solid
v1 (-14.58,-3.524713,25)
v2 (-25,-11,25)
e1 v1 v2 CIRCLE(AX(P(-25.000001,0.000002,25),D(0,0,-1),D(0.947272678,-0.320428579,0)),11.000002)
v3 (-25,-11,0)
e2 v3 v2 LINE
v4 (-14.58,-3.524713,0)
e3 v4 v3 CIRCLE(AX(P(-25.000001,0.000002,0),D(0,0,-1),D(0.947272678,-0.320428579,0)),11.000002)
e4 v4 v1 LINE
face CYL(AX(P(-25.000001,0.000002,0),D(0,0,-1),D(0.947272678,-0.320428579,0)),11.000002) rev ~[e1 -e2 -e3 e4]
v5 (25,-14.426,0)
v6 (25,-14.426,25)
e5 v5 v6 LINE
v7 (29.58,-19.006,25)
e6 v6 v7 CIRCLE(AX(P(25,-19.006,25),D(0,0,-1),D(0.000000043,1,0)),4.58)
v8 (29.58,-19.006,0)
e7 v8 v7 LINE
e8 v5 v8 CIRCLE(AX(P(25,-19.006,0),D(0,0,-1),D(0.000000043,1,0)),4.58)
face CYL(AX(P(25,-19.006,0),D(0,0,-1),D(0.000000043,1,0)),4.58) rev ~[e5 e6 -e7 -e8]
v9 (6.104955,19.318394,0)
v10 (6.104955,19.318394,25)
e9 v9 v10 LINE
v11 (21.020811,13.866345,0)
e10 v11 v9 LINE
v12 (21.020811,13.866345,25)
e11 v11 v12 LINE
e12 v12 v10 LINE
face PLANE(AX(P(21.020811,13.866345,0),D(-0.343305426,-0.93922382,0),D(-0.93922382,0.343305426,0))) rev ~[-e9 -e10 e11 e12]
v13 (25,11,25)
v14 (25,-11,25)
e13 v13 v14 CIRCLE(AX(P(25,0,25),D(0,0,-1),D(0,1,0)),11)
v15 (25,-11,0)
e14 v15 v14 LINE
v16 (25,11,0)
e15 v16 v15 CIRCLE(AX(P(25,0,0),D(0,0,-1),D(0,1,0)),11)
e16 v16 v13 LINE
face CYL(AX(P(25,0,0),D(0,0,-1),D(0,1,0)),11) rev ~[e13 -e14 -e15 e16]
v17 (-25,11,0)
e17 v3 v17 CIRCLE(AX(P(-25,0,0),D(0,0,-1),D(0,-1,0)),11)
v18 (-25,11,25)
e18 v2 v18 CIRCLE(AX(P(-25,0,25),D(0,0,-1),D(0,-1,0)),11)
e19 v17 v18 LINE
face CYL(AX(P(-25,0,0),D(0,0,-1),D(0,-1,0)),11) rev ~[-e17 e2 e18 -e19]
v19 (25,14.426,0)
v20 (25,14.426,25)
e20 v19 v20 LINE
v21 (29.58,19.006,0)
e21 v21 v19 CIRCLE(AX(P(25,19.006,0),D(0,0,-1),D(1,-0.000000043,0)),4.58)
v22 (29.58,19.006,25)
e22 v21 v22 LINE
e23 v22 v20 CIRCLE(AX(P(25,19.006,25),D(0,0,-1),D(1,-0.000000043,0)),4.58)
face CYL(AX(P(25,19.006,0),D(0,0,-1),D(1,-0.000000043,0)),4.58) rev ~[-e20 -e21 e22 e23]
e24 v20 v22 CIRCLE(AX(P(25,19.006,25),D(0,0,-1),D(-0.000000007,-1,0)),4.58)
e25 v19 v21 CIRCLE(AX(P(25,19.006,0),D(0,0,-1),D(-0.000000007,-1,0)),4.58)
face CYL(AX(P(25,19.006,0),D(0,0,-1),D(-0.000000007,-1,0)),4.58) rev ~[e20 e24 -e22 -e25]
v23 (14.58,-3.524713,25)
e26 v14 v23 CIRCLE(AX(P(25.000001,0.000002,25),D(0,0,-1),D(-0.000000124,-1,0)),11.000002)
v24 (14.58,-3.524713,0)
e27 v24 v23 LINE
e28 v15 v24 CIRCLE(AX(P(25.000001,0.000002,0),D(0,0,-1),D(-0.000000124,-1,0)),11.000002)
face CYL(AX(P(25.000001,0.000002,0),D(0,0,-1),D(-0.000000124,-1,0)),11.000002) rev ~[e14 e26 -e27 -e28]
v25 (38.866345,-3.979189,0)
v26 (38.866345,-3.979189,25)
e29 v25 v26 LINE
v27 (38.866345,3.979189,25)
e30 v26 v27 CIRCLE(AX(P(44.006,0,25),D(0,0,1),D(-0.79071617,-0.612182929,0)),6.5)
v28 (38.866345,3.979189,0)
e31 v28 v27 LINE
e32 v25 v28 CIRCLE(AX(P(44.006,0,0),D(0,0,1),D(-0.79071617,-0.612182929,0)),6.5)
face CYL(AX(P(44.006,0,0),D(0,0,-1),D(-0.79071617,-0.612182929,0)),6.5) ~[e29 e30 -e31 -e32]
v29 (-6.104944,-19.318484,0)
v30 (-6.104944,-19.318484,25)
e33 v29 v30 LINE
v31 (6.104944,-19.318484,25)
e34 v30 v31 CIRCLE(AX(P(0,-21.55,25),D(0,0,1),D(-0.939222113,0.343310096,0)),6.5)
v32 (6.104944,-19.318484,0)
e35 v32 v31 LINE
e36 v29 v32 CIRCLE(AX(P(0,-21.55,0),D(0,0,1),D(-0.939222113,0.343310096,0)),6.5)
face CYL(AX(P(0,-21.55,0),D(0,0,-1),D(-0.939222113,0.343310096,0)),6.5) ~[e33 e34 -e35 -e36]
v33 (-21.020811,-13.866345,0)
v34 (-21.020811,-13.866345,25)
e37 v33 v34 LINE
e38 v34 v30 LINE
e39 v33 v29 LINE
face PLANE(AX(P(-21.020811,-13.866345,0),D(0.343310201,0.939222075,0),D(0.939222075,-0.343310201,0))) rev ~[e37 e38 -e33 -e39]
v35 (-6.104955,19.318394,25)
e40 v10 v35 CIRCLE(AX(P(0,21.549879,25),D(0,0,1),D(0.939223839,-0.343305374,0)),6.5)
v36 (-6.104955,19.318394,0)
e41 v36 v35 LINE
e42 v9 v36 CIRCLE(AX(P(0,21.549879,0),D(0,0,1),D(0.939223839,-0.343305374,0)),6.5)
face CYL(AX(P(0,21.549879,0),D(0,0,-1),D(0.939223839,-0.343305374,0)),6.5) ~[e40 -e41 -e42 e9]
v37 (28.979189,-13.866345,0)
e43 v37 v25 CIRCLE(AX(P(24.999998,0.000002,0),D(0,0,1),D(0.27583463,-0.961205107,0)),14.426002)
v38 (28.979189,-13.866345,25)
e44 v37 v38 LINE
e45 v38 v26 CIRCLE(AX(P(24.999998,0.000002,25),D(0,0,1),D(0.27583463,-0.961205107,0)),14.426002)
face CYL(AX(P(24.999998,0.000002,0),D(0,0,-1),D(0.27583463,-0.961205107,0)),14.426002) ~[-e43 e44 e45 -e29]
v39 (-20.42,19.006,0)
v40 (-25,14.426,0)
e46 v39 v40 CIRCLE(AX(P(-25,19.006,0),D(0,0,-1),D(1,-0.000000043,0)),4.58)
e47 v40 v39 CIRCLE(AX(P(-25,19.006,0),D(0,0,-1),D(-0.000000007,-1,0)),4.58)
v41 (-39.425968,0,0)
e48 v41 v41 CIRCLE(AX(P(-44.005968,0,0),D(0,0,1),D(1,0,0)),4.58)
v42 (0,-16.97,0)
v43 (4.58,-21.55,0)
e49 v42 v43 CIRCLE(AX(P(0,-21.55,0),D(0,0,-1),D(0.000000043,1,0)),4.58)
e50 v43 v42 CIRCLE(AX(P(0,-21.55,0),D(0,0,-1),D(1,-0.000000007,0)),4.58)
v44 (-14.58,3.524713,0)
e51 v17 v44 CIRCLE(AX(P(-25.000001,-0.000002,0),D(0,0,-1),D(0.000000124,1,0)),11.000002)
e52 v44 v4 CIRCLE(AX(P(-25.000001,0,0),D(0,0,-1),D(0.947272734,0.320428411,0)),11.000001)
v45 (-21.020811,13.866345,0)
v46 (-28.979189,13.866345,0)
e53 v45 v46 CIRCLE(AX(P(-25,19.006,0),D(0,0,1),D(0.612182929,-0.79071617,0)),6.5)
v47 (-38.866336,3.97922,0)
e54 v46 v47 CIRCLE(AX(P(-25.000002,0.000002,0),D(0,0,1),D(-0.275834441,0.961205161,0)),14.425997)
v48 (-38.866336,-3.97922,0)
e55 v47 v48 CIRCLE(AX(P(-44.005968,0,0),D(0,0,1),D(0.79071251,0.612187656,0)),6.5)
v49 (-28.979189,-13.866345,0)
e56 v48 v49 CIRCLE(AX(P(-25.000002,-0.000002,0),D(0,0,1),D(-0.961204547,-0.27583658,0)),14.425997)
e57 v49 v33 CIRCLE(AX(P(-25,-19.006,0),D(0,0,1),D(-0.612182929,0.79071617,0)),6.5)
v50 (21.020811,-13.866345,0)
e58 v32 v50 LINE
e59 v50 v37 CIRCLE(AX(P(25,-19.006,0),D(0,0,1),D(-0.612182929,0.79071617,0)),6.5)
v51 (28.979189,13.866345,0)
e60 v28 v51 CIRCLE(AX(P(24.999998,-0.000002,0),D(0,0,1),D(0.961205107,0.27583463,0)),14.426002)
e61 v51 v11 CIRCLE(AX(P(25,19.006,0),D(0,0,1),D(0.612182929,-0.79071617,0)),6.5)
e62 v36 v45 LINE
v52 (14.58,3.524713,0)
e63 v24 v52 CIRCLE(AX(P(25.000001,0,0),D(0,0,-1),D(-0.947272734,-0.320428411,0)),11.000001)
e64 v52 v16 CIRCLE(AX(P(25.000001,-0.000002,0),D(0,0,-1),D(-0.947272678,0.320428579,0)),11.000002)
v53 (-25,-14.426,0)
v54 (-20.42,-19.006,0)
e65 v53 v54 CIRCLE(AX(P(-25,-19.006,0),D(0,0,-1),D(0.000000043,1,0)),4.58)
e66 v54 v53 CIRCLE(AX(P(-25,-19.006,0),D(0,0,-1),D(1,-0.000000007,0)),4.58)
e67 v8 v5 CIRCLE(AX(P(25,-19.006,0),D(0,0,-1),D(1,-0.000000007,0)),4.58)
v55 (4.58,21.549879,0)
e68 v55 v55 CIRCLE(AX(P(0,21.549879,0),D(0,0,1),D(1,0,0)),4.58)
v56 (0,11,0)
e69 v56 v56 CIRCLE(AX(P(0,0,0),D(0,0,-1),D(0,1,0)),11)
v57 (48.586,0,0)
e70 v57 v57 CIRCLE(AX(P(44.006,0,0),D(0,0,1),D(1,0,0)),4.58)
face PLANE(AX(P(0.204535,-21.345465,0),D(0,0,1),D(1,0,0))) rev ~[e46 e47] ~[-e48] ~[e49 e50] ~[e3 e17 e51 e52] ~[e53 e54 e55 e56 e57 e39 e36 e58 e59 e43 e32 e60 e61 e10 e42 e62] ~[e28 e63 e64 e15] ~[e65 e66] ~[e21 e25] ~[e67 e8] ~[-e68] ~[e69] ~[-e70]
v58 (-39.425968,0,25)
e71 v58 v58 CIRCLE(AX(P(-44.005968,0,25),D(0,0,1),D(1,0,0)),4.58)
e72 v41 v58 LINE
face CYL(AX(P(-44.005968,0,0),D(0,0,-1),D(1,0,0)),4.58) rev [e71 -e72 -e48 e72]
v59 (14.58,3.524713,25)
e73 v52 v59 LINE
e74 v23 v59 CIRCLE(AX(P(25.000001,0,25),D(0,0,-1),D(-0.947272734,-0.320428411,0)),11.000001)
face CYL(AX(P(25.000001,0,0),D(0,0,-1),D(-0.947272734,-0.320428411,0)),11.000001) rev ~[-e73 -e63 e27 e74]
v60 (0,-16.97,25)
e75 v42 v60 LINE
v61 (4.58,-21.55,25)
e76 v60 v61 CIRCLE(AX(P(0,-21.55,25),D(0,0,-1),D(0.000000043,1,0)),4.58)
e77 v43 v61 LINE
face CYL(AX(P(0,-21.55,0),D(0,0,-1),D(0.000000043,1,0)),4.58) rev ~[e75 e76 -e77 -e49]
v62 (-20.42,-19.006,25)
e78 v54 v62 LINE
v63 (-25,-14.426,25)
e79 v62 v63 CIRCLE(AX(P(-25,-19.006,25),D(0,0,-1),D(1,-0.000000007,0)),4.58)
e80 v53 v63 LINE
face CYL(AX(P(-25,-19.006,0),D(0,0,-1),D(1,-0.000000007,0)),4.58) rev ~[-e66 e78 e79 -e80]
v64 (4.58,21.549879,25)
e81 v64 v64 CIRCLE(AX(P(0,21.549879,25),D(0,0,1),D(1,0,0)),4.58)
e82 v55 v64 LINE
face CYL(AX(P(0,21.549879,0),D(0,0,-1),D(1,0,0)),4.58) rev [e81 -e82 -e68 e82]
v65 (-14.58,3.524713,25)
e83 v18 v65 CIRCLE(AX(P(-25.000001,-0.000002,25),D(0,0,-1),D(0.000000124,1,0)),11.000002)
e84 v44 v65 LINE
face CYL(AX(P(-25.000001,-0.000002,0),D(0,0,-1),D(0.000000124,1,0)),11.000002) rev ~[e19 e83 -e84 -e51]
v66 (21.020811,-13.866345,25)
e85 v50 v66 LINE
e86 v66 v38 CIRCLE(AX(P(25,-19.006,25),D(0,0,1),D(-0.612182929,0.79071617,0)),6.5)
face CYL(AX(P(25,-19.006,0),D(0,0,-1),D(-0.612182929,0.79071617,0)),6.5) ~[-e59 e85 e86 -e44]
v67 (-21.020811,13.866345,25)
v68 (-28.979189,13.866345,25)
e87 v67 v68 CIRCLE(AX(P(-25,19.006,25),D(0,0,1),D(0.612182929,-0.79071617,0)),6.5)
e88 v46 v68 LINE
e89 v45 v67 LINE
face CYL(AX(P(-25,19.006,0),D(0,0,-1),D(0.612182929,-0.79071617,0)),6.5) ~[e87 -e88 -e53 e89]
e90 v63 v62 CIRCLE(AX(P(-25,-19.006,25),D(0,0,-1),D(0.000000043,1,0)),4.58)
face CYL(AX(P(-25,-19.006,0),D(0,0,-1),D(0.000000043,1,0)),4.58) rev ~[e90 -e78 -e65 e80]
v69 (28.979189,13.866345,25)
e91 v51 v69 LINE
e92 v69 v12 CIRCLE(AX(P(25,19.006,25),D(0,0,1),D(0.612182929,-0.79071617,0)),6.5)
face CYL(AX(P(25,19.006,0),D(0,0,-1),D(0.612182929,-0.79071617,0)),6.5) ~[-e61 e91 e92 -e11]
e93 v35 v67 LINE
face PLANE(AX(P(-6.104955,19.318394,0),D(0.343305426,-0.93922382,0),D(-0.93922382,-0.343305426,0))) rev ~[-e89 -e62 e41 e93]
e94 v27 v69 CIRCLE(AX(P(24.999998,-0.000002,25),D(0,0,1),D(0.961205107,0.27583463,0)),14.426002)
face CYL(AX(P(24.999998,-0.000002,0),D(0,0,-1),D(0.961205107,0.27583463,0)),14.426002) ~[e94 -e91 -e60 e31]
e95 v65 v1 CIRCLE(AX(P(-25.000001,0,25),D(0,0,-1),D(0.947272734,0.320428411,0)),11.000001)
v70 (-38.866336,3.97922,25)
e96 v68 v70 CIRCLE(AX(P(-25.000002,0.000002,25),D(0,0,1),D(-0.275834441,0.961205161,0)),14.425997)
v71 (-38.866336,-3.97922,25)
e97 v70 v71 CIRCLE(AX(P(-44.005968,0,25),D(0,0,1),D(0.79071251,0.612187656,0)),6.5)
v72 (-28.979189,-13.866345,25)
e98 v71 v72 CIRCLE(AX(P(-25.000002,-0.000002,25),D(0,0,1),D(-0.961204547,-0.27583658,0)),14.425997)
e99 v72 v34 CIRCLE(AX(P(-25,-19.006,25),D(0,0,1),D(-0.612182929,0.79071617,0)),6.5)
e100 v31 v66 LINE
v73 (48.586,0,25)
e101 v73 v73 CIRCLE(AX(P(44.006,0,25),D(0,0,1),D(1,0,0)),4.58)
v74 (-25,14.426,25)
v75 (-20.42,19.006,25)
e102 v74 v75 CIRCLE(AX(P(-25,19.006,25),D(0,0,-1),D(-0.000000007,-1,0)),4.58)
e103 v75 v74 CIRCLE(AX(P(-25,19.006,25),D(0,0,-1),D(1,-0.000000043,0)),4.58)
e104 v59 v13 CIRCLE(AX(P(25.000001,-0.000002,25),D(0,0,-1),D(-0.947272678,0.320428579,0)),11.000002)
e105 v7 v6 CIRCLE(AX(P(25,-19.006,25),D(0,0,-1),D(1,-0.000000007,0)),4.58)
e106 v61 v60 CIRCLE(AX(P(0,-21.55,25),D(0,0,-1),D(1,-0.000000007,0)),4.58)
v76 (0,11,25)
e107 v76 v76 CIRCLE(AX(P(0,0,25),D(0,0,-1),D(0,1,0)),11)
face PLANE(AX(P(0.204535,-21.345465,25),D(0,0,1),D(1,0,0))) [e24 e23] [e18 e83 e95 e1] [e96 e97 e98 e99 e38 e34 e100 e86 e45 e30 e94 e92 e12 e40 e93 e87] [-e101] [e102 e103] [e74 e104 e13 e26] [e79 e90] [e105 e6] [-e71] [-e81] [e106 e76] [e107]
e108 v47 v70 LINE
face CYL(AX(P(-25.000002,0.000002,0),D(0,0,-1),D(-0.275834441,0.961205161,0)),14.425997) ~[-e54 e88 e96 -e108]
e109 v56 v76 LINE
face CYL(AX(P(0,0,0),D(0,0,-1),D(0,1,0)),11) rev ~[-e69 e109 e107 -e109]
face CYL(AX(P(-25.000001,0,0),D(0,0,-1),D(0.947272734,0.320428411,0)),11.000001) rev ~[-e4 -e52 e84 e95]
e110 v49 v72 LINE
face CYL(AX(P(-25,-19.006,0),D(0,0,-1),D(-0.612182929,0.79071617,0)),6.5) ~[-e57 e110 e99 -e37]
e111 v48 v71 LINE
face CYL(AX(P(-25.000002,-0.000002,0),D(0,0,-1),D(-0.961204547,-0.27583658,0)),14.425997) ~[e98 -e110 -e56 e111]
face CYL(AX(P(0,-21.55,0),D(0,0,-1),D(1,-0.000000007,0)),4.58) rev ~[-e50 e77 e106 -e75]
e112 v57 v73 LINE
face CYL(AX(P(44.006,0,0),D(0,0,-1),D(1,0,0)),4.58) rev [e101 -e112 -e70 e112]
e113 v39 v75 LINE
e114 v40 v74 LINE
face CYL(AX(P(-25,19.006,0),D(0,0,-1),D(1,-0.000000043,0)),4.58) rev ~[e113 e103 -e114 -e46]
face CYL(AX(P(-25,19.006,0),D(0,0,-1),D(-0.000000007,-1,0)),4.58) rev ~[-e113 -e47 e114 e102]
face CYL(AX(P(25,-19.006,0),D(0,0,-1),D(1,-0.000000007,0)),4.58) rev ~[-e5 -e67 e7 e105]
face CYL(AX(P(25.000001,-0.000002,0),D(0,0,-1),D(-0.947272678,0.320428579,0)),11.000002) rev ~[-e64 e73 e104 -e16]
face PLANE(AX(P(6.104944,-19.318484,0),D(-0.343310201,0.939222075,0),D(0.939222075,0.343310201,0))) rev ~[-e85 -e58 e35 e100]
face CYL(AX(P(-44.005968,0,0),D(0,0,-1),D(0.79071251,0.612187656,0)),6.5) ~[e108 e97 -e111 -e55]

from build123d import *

# Parameters (mm, degrees)
F0_R     = 4.58
F1_DEPTH = 25


with BuildPart() as f1:
    # F0 (on Top) → F1 (new body)
    with BuildSketch(Plane.XY):
        with BuildLine():
            ThreePointArc((4.58, -21.55), (3.238549, -18.311451), (0, -16.97))
            ThreePointArc((0, -16.97), (-3.238549, -24.788549), (4.58, -21.55))
        make_face()
        with BuildLine():
            ThreePointArc((-20.42, -19.006), (-21.761451, -15.767451), (-25, -14.426))
            ThreePointArc((-25, -14.426), (-28.238549, -22.244549), (-20.42, -19.006))
        make_face()
        with BuildLine():
            ThreePointArc((-20.42, 19.006), (-28.238549, 22.244549), (-25, 14.426))
            ThreePointArc((-25, 14.426), (-21.761451, 15.767451), (-20.42, 19.006))
        make_face()
        with BuildLine():
            ThreePointArc((29.58, 19.006), (21.761451, 22.244549), (25, 14.426))
            ThreePointArc((25, 14.426), (28.238549, 15.767451), (29.58, 19.006))
        make_face()
        with BuildLine():
            ThreePointArc((29.58, -19.006), (28.238549, -15.767451), (25, -14.426))
            ThreePointArc((25, -14.426), (21.761451, -22.244549), (29.58, -19.006))
        make_face()
        with BuildLine():
            ThreePointArc((-28.979189, 13.866345), (-35.200711, 10.200734), (-38.866336, 3.97922))
            ThreePointArc((-38.866336, 3.97922), (-50.505968, 0), (-38.866336, -3.97922))
            ThreePointArc((-38.866336, -3.97922), (-35.200711, -10.200734), (-28.979189, -13.866345))
            ThreePointArc((-28.979189, -13.866345), (-25, -25.506), (-21.020811, -13.866345))
            Line((-21.020811, -13.866345), (-6.104944, -19.318484))
            ThreePointArc((-6.104944, -19.318484), (0, -28.05), (6.104944, -19.318484))
            Line((6.104944, -19.318484), (21.020811, -13.866345))
            ThreePointArc((21.020811, -13.866345), (25, -25.506), (28.979189, -13.866345))
            ThreePointArc((28.979189, -13.866345), (35.200722, -10.200722), (38.866345, -3.979189))
            ThreePointArc((38.866345, -3.979189), (50.506, 0), (38.866345, 3.979189))
            ThreePointArc((38.866345, 3.979189), (35.200722, 10.200722), (28.979189, 13.866345))
            ThreePointArc((28.979189, 13.866345), (25, 25.506), (21.020811, 13.866345))
            Line((21.020811, 13.866345), (6.104955, 19.318394))
            ThreePointArc((6.104955, 19.318394), (0, 28.049879), (-6.104955, 19.318394))
            Line((-6.104955, 19.318394), (-21.020811, 13.866345))
            ThreePointArc((-21.020811, 13.866345), (-25, 25.506), (-28.979189, 13.866345))
        make_face()
        with BuildLine():
            ThreePointArc((4.58, -21.55), (-3.238549, -24.788549), (0, -16.97))
            ThreePointArc((0, -16.97), (3.238549, -18.311451), (4.58, -21.55))
        make_face(mode=Mode.SUBTRACT)
        with BuildLine():
            ThreePointArc((-20.42, -19.006), (-28.238549, -22.244549), (-25, -14.426))
            ThreePointArc((-25, -14.426), (-21.761451, -15.767451), (-20.42, -19.006))
        make_face(mode=Mode.SUBTRACT)
        with BuildLine():
            ThreePointArc((29.58, -19.006), (21.761451, -22.244549), (25, -14.426))
            ThreePointArc((25, -14.426), (28.238549, -15.767451), (29.58, -19.006))
        make_face(mode=Mode.SUBTRACT)
        with Locations((-44.005968, 0)):
            Circle(F0_R, mode=Mode.SUBTRACT)
        with BuildLine():
            ThreePointArc((-25, 11), (-18.587974, 8.937892), (-14.58, 3.524713))
            ThreePointArc((-14.58, 3.524713), (-14, 0), (-14.58, -3.524713))
            ThreePointArc((-14.58, -3.524713), (-18.587974, -8.937892), (-25, -11))
            ThreePointArc((-25, -11), (-36, 0), (-25, 11))
        make_face(mode=Mode.SUBTRACT)
        with BuildLine():
            ThreePointArc((0, -11), (-11, 0), (0, 11))
            ThreePointArc((0, 11), (11, 0), (0, -11))
        make_face(mode=Mode.SUBTRACT)
        with BuildLine():
            ThreePointArc((-20.42, 19.006), (-21.761451, 15.767451), (-25, 14.426))
            ThreePointArc((-25, 14.426), (-28.238549, 22.244549), (-20.42, 19.006))
        make_face(mode=Mode.SUBTRACT)
        with Locations((0, 21.549879)):
            Circle(F0_R, mode=Mode.SUBTRACT)
        with BuildLine():
            ThreePointArc((14.58, -3.524713), (14, 0), (14.58, 3.524713))
            ThreePointArc((14.58, 3.524713), (18.587974, 8.937892), (25, 11))
            ThreePointArc((25, 11), (36, 0), (25, -11))
            ThreePointArc((25, -11), (18.587974, -8.937892), (14.58, -3.524713))
        make_face(mode=Mode.SUBTRACT)
        with Locations((44.006, 0)):
            Circle(F0_R, mode=Mode.SUBTRACT)
        with BuildLine():
            ThreePointArc((29.58, 19.006), (28.238549, 15.767451), (25, 14.426))
            ThreePointArc((25, 14.426), (21.761451, 22.244549), (29.58, 19.006))
        make_face(mode=Mode.SUBTRACT)
    extrude(amount=F1_DEPTH)


solid = f1.part
